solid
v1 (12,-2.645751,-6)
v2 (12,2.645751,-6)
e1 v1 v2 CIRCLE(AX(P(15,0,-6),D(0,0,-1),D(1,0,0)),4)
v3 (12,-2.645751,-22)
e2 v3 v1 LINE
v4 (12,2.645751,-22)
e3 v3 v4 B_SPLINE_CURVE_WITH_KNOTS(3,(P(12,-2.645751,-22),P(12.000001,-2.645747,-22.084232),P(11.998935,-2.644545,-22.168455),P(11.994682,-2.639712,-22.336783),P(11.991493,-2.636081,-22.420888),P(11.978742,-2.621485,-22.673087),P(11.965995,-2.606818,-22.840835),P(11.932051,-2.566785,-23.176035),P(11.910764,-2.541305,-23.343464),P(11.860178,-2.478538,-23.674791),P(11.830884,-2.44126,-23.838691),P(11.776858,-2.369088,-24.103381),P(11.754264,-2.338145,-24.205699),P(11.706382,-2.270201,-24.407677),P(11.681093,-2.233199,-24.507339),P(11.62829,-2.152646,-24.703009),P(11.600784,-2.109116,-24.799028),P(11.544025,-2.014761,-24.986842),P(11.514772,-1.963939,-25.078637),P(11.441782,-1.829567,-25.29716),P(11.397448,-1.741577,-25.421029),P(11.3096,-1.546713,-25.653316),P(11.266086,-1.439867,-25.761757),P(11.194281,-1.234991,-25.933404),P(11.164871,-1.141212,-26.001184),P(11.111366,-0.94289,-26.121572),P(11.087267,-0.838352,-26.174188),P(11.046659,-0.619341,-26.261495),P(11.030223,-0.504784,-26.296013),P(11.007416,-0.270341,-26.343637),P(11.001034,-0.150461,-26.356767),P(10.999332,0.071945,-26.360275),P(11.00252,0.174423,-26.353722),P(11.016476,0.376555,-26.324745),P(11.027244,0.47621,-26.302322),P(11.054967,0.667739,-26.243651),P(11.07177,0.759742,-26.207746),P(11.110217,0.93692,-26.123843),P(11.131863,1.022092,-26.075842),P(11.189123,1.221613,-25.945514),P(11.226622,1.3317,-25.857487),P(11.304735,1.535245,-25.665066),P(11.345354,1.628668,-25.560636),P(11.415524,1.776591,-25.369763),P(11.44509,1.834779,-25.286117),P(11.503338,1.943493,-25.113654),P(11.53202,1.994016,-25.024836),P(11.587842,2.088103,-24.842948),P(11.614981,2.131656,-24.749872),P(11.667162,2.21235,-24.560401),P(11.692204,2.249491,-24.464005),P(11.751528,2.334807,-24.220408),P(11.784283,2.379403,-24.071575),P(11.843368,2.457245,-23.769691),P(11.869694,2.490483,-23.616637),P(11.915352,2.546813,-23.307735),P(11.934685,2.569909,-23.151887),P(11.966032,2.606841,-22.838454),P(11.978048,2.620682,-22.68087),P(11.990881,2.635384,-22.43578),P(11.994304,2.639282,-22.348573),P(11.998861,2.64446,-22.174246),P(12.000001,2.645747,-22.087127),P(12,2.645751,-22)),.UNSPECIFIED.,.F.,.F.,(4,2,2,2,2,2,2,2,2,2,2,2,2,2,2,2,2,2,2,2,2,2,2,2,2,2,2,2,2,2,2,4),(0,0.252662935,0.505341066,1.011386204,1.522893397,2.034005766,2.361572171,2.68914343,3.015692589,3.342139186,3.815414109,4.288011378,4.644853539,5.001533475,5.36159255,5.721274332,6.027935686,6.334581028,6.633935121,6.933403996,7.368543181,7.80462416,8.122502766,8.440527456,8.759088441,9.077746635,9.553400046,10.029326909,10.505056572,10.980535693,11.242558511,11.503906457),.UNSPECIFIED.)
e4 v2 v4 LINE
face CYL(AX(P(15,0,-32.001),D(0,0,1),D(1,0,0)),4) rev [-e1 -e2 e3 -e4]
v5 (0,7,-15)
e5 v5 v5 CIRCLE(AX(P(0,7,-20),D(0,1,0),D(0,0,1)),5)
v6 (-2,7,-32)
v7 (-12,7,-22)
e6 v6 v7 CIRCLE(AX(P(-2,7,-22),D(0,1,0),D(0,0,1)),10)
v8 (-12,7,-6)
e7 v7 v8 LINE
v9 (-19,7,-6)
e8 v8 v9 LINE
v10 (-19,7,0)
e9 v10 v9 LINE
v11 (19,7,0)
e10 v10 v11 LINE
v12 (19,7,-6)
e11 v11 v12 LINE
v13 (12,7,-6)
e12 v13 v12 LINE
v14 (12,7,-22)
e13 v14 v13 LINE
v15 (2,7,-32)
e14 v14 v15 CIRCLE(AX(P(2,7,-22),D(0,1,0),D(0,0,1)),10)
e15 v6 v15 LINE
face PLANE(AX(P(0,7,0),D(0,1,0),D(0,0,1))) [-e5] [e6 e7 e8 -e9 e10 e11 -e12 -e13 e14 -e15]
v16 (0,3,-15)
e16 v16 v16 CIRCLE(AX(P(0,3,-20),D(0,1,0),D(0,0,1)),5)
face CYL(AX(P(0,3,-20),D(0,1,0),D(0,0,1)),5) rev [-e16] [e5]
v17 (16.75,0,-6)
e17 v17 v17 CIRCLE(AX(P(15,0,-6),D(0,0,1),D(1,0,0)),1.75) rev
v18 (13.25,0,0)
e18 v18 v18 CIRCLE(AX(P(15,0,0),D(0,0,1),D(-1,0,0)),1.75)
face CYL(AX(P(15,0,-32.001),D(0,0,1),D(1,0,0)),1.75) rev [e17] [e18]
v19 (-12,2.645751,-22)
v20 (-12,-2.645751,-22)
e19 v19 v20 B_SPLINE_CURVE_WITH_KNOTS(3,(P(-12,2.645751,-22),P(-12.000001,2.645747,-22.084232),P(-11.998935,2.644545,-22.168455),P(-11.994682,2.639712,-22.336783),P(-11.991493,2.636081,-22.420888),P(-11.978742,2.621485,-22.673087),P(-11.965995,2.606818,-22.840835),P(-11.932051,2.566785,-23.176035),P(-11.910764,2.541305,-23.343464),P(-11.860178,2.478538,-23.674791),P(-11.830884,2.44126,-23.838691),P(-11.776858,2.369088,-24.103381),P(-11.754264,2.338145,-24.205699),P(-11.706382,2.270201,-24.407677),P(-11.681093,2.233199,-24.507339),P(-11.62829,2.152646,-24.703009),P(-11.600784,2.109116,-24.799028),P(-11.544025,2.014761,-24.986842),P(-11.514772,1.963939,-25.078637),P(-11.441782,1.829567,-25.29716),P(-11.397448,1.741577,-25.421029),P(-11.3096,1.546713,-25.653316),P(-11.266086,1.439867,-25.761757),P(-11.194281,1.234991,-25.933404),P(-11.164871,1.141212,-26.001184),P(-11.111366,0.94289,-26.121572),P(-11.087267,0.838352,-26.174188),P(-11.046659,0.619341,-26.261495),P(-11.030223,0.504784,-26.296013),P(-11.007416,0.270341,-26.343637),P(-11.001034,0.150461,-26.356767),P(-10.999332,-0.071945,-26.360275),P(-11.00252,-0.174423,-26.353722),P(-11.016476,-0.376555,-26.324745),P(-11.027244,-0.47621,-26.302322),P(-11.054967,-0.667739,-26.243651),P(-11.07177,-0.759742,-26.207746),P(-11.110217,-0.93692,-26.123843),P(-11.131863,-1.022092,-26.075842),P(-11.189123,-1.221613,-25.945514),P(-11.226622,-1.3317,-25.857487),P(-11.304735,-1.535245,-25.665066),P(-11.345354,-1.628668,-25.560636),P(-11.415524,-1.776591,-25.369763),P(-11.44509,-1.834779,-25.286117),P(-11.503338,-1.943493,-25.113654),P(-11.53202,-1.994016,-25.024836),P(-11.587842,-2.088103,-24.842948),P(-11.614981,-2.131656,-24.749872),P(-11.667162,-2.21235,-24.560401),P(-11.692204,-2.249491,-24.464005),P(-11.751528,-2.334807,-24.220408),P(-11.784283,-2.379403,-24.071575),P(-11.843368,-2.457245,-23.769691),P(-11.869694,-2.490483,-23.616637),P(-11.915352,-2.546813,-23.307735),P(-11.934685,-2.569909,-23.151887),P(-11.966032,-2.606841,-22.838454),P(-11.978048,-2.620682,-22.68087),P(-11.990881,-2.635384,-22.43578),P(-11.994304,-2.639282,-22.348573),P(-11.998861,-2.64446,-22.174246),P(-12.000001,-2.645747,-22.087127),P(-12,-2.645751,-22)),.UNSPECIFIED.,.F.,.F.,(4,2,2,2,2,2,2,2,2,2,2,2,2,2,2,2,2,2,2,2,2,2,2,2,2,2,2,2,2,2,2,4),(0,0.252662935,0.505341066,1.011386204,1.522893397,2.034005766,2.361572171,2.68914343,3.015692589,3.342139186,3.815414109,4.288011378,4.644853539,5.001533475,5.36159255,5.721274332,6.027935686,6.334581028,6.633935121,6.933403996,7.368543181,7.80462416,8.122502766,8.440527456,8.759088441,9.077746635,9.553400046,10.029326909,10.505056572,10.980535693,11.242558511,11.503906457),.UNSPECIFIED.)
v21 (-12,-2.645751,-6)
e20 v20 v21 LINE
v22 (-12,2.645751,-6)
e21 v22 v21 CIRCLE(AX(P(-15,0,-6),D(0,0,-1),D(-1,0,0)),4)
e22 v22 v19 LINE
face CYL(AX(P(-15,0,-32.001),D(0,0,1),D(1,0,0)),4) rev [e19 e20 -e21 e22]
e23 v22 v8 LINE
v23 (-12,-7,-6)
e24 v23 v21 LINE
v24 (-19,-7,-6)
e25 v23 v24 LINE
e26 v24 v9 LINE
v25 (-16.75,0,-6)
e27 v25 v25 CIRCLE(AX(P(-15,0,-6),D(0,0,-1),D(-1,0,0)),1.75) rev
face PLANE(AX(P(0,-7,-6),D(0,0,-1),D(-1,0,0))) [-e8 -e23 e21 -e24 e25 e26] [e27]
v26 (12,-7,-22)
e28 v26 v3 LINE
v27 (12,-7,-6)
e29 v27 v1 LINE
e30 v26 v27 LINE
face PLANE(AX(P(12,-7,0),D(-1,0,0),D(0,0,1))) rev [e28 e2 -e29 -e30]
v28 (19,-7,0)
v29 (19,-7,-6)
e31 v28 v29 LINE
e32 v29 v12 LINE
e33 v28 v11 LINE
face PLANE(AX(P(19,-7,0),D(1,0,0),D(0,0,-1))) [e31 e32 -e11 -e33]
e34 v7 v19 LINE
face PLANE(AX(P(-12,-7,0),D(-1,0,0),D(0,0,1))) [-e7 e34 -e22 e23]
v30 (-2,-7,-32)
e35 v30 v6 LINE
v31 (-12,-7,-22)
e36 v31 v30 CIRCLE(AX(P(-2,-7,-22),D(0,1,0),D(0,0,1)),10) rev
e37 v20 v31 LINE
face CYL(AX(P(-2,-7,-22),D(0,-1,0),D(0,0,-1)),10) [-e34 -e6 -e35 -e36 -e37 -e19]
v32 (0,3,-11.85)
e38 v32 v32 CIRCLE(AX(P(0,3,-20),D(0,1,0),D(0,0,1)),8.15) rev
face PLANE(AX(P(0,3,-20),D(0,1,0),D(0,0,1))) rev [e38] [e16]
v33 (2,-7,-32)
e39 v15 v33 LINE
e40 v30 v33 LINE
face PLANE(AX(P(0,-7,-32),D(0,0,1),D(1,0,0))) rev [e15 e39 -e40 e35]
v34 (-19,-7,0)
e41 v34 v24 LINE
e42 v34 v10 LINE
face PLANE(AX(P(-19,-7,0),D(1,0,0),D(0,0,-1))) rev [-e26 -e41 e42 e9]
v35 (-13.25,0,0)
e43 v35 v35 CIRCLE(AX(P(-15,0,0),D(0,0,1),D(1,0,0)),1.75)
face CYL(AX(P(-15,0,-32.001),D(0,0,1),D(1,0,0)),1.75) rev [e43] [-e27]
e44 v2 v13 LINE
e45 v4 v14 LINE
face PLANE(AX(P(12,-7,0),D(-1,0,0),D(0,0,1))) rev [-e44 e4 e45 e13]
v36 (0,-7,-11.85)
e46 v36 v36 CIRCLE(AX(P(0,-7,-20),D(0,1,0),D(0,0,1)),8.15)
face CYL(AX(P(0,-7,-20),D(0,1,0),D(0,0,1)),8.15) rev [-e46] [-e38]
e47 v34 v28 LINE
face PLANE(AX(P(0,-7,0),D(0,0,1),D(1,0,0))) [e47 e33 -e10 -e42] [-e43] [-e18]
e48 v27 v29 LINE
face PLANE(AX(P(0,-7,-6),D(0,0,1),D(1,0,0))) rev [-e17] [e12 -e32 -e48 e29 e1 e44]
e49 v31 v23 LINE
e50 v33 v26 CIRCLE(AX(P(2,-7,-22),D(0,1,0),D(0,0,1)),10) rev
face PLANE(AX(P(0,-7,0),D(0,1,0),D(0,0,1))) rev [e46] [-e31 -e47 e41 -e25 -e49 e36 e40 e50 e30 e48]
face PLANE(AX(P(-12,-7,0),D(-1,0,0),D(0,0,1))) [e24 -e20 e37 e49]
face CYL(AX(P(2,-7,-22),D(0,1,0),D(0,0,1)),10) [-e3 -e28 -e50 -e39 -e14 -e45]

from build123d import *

# Parameters (mm, degrees)
BOSS_EXTRUDE1_DEPTH      = 7
BOSS_EXTRUDE1_DEPTH_BACK = 7
SKETCH1_R                = 8.15
CUT_EXTRUDE1_REACH       = 39.868
SKETCH2_R                = 1.75
FILLET1_R                = 10
SKETCH3_R                = 8.998813241
SKETCH3_R_2              = 5
BOSS_EXTRUDE2_DEPTH      = 4
CUT_EXTRUDE2_REACH       = 34.955
SKETCH4_R                = 4


with BuildPart() as part:
    # Sketch1 → Boss-Extrude1 (new, two sides: drawn at the far end of the back side and taken through both)
    with BuildSketch(Plane(origin=(0, 0, 0), x_dir=(1, 0, 0), z_dir=(0, 1, 0)).offset(-BOSS_EXTRUDE1_DEPTH_BACK)):
        Polygon((-19, 6), (-19, 0), (19, 0), (19, 6), (12, 6), (12, 32), (-12, 32), (-12, 6), align=None)
        with Locations((0, 20)):
            Circle(SKETCH1_R, mode=Mode.SUBTRACT)
    extrude(amount=BOSS_EXTRUDE1_DEPTH + BOSS_EXTRUDE1_DEPTH_BACK)

    # Sketch2 → Cut-Extrude1 (cut, up to next)
    with BuildSketch(Plane.XY, mode=Mode.PRIVATE) as cut_extrude1_sk1:
        with Locations((-15, 0)):
            Circle(SKETCH2_R)
    cut_extrude1_tool1 = extrude(cut_extrude1_sk1.sketch, amount=-CUT_EXTRUDE1_REACH, mode=Mode.PRIVATE) & part.part
    # Sketch2 → Cut-Extrude1 (cut, up to next)
    with BuildSketch(Plane.XY, mode=Mode.PRIVATE) as cut_extrude1_sk2:
        with Locations((15, 0)):
            Circle(SKETCH2_R)
    cut_extrude1_tool2 = extrude(cut_extrude1_sk2.sketch, amount=-CUT_EXTRUDE1_REACH, mode=Mode.PRIVATE) & part.part
    add(cut_extrude1_tool1.solids().sort_by_distance((-15, 0, 0))[0], mode=Mode.SUBTRACT)
    add(cut_extrude1_tool2.solids().sort_by_distance((15, 0, 0))[0], mode=Mode.SUBTRACT)

    # Fillet1
    fillet1_edges = [part.edges().sort_by_distance(p)[0] for p in [
        (-12, 0, -32),
        (12, 0, -32),
    ]]
    fillet(fillet1_edges, radius=FILLET1_R)

    # Sketch3 → Boss-Extrude2 (add)
    with BuildSketch(Plane(origin=(0, 7, 0), x_dir=(1, 0, 0), z_dir=(0, 1, 0))):
        with Locations((0, 20)):
            Circle(SKETCH3_R)
        with Locations((0, 20)):
            Circle(SKETCH3_R_2, mode=Mode.SUBTRACT)
    extrude(amount=-BOSS_EXTRUDE2_DEPTH)

    # Sketch4 → Cut-Extrude2 (cut, up to next)
    with BuildSketch(Plane(origin=(0, 0, -6), x_dir=(-1, 0, 0), z_dir=(0, 0, -1)), mode=Mode.PRIVATE) as cut_extrude2_sk1:
        with Locations((15, 0)):
            Circle(SKETCH4_R)
    cut_extrude2_tool1 = extrude(cut_extrude2_sk1.sketch, amount=CUT_EXTRUDE2_REACH, mode=Mode.PRIVATE) & part.part
    # Sketch4 → Cut-Extrude2 (cut, up to next)
    with BuildSketch(Plane(origin=(0, 0, -6), x_dir=(-1, 0, 0), z_dir=(0, 0, -1)), mode=Mode.PRIVATE) as cut_extrude2_sk2:
        with Locations((-15, 0)):
            Circle(SKETCH4_R)
    cut_extrude2_tool2 = extrude(cut_extrude2_sk2.sketch, amount=CUT_EXTRUDE2_REACH, mode=Mode.PRIVATE) & part.part
    add(cut_extrude2_tool1.solids().sort_by_distance((-15, 0, -6))[0], mode=Mode.SUBTRACT)
    add(cut_extrude2_tool2.solids().sort_by_distance((15, 0, -6))[0], mode=Mode.SUBTRACT)


solid = part.part
